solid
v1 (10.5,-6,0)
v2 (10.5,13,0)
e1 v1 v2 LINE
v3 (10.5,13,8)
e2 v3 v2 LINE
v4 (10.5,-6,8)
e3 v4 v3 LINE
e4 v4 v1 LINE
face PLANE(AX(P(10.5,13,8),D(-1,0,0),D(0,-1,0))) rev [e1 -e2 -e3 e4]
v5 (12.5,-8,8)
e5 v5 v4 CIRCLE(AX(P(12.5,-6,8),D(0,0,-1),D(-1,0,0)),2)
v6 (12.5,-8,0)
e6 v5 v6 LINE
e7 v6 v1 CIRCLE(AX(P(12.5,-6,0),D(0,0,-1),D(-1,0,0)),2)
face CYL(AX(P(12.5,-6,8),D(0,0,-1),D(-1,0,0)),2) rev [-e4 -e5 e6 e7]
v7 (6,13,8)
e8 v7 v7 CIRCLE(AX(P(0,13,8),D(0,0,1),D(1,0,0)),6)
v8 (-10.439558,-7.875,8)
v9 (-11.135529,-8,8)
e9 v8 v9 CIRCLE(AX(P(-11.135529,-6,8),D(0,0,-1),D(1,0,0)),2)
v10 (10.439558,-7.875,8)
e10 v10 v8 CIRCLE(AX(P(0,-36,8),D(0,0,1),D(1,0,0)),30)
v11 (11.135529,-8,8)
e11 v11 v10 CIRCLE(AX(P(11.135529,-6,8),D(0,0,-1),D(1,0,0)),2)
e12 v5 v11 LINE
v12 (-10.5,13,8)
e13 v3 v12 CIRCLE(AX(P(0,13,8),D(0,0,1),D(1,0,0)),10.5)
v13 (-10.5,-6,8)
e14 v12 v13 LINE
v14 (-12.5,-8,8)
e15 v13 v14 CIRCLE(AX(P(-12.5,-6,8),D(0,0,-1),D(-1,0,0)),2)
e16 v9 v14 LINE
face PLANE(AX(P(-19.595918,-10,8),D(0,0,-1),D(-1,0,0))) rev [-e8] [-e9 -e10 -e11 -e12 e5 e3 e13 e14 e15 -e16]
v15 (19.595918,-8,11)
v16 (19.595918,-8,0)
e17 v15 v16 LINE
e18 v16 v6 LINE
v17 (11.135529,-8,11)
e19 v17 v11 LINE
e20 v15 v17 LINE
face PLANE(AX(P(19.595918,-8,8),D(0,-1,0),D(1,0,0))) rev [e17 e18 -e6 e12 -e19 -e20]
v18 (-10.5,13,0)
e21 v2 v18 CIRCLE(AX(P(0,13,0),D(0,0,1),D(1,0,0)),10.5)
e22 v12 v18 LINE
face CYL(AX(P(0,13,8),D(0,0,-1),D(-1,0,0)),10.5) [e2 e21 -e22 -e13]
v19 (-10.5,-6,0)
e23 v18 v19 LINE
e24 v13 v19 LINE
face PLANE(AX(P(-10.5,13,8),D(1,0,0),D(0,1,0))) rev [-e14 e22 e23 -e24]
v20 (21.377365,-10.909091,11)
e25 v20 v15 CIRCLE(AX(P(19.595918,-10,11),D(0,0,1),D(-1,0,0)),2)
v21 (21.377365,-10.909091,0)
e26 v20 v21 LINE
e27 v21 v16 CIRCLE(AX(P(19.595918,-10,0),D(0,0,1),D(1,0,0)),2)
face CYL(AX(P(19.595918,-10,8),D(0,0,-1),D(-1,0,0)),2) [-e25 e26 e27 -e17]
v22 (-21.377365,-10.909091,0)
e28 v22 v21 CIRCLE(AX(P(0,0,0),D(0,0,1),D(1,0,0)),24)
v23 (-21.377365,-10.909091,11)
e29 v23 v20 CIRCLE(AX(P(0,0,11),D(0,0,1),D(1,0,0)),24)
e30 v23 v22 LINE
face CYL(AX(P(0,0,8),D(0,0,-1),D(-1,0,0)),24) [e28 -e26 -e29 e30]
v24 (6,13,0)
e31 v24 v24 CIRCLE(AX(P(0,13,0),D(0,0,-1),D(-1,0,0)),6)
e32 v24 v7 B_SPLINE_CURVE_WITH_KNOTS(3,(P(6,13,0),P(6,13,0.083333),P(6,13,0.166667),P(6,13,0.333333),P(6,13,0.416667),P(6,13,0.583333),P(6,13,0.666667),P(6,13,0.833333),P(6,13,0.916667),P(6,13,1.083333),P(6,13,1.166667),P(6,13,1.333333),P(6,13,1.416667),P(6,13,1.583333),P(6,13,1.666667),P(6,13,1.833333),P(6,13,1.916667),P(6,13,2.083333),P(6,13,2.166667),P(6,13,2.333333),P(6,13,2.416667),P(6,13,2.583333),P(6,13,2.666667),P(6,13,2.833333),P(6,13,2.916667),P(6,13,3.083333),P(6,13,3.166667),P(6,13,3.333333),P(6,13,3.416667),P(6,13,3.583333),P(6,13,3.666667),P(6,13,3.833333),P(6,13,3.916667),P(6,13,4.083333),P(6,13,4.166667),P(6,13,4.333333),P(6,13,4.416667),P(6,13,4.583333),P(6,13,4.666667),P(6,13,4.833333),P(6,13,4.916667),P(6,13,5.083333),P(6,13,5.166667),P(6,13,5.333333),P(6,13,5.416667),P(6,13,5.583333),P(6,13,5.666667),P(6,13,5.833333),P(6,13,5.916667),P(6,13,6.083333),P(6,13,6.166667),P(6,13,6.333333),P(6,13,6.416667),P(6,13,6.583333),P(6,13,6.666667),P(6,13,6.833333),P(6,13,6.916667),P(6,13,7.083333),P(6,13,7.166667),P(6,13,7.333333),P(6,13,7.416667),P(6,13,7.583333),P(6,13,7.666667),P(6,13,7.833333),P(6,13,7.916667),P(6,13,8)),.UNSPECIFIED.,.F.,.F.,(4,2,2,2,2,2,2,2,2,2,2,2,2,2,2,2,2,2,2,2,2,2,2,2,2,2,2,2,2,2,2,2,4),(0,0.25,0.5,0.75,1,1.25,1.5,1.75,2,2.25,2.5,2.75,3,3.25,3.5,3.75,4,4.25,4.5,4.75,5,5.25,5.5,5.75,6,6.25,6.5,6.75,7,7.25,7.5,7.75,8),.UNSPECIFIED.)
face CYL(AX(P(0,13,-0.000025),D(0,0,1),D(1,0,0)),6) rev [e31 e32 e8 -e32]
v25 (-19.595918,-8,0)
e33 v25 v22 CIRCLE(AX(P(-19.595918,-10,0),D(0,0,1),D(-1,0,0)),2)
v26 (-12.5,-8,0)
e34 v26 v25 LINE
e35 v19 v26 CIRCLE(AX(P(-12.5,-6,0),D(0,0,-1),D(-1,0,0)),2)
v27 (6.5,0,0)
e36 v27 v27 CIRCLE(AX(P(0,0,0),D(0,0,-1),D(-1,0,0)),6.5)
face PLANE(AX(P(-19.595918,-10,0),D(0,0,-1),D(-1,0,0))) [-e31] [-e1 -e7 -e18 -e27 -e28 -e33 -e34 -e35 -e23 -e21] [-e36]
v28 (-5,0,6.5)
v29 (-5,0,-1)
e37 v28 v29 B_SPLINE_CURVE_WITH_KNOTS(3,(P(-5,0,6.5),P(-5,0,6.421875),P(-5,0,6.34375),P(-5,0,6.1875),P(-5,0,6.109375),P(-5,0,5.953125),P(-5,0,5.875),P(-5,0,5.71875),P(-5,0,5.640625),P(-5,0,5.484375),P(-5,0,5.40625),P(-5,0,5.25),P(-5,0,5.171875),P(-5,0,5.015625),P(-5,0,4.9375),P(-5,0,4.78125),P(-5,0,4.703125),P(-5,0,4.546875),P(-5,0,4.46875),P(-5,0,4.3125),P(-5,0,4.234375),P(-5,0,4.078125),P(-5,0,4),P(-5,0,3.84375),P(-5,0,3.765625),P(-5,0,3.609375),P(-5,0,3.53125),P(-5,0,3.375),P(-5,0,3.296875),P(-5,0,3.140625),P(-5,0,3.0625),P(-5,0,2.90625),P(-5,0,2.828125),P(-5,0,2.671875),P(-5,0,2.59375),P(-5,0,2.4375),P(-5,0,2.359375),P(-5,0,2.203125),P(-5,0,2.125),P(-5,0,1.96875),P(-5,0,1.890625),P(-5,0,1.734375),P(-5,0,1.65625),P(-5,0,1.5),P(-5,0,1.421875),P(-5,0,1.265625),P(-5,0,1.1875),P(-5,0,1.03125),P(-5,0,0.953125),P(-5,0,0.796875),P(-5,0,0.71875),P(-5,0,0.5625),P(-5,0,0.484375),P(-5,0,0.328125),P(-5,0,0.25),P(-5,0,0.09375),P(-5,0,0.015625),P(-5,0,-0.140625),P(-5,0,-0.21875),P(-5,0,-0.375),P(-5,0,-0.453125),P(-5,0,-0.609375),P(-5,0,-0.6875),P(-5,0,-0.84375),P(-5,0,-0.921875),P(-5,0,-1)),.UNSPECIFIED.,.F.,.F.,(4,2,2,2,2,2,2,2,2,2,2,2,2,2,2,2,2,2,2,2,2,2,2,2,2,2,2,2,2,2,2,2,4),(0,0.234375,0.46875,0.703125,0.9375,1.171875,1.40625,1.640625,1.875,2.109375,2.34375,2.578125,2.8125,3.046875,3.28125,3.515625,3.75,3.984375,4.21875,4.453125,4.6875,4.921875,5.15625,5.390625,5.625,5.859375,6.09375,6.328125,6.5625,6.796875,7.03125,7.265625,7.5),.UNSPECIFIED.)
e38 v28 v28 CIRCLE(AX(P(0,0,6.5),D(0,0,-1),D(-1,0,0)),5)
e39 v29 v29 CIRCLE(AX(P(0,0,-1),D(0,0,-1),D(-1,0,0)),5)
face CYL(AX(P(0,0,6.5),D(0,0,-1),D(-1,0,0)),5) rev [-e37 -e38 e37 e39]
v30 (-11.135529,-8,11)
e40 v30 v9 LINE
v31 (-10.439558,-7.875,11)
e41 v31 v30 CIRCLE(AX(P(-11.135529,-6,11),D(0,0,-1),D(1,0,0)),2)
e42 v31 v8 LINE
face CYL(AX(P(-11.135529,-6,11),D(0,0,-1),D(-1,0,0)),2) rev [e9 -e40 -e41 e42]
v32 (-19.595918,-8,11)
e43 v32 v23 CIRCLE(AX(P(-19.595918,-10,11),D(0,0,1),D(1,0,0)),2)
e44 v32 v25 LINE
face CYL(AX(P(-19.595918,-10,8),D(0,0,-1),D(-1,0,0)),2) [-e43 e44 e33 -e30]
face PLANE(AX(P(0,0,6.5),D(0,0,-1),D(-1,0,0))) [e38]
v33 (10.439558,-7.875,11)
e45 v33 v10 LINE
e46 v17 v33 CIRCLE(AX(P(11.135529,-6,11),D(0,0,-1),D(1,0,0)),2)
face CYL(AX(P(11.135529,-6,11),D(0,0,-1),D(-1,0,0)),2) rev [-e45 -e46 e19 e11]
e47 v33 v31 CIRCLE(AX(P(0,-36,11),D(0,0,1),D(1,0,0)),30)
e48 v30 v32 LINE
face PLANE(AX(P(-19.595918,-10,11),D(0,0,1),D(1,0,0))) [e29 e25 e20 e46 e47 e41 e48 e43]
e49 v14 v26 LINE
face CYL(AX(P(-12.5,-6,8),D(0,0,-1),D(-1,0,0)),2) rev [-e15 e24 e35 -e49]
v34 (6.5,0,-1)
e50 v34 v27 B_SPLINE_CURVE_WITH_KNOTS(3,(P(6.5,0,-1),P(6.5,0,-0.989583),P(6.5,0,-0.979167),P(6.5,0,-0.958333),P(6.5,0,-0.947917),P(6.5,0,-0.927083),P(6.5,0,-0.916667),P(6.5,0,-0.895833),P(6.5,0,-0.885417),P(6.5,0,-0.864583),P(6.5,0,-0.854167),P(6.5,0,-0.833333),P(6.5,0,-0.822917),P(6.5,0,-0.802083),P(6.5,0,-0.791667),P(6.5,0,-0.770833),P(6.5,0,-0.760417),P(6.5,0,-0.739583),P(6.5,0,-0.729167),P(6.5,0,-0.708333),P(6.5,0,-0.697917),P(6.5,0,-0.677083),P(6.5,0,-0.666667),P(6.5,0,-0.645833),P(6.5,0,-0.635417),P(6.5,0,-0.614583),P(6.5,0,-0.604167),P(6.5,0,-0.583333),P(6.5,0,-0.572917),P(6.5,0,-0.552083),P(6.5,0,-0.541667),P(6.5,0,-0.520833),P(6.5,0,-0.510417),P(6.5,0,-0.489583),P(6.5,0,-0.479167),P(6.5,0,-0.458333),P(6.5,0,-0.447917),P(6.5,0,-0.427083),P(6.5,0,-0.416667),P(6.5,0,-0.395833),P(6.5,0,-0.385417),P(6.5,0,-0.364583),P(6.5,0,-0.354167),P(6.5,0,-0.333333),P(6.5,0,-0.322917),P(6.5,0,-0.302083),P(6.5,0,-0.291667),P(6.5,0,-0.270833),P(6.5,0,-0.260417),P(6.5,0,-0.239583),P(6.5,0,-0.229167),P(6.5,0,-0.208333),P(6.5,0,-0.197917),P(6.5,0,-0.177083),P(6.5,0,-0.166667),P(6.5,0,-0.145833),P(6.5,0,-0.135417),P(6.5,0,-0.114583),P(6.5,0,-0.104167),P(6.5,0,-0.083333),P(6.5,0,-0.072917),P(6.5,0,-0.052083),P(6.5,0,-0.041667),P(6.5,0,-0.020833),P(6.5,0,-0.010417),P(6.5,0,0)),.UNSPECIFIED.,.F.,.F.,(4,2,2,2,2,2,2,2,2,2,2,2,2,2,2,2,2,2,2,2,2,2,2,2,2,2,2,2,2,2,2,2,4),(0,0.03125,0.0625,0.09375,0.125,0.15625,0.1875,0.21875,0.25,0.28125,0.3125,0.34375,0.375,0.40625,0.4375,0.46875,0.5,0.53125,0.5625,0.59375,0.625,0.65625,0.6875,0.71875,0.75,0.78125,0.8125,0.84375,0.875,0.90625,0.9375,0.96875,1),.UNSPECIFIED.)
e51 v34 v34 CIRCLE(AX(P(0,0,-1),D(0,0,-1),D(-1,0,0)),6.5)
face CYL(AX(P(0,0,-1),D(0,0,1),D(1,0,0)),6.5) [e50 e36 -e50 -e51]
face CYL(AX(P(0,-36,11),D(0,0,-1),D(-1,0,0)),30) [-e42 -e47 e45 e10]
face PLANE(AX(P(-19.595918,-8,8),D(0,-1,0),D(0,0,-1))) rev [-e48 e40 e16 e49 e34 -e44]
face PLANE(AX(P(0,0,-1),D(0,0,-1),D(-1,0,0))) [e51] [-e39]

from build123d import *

# Parameters (mm, degrees)
BASE_EXTRUSION_DEPTH    = 8
BOSS_EXTRU_1_DEPTH      = 3
ESQUISSE4_R             = 6
ENL_V_MAT_EXTRU_1_DEPTH = 34.262346156
ESQUISSE5_R             = 5
ENL_V_MAT_EXTRU_2_DEPTH = 6.5
BOSS_EXTRU_2_START      = 1
ESQUISSE6_R             = 6.5
ESQUISSE6_R_2           = 5
BOSS_EXTRU_2_DEPTH      = 1


with BuildPart() as part:
    # Esquisse1 → Base-Extrusion (new body)
    with BuildSketch(Plane.XY):
        with BuildLine():
            Line((-10.5, 13), (-10.5, -6))
            ThreePointArc((-10.5, -6), (-11.085786438, -7.414213562), (-12.5, -8))
            Line((-12.5, -8), (-19.595917942, -8))
            ThreePointArc((-19.595917942, -8), (-21.301523673, -8.955534064), (-21.377365028, -10.909090909))
            ThreePointArc((-21.377365028, -10.909090909), (0, -24), (21.377365028, -10.909090909))
            ThreePointArc((21.377365028, -10.909090909), (21.301523673, -8.955534064), (19.595917942, -8))
            Line((19.595917942, -8), (12.5, -8))
            ThreePointArc((12.5, -8), (11.085786438, -7.414213562), (10.5, -6))
            Line((10.5, -6), (10.5, 13))
            ThreePointArc((10.5, 13), (0, 23.5), (-10.5, 13))
        make_face()
    extrude(amount=BASE_EXTRUSION_DEPTH)

    # Esquisse2 → Boss.-Extru.1 (add)
    with BuildSketch(Plane.XY.offset(8)):
        with BuildLine():
            Line((-19.595917942, -8), (-11.135528726, -8))
            ThreePointArc((-11.135528726, -8), (-10.781975335, -7.968501969), (-10.43955818, -7.875))
            ThreePointArc((-10.43955818, -7.875), (0, -6), (10.43955818, -7.875))
            ThreePointArc((10.43955818, -7.875), (10.781975335, -7.968501969), (11.135528726, -8))
            Line((11.135528726, -8), (19.595917942, -8))
            ThreePointArc((19.595917942, -8), (21.301523673, -8.955534064), (21.377365028, -10.909090909))
            ThreePointArc((21.377365028, -10.909090909), (0, -24), (-21.377365028, -10.909090909))
            ThreePointArc((-21.377365028, -10.909090909), (-21.301523673, -8.955534064), (-19.595917942, -8))
        make_face()
    extrude(amount=BOSS_EXTRU_1_DEPTH)

    # Esquisse4 → Enlèv. mat.-Extru.1 (cut, through all)
    with BuildSketch(Plane.XY.offset(8)):
        with Locations((0, 13)):
            Circle(ESQUISSE4_R)
    extrude(amount=-ENL_V_MAT_EXTRU_1_DEPTH, mode=Mode.SUBTRACT)

    # Esquisse5 → Enlèv. mat.-Extru.2 (cut)
    with BuildSketch(Plane(origin=(0, 0, 0), x_dir=(-1, 0, 0), z_dir=(0, 0, -1))):
        Circle(ESQUISSE5_R)
    extrude(amount=-ENL_V_MAT_EXTRU_2_DEPTH, mode=Mode.SUBTRACT)

    # Esquisse6 → Boss.-Extru.2 (add)
    with BuildSketch(Plane(origin=(0, 0, 0), x_dir=(-1, 0, 0), z_dir=(0, 0, -1)).offset(BOSS_EXTRU_2_START)):
        with Locations(Location((0, 0, 0), (0, 0, 180))):
            Circle(ESQUISSE6_R)
        Circle(ESQUISSE6_R_2, mode=Mode.SUBTRACT)
    extrude(amount=-BOSS_EXTRU_2_DEPTH)


solid = part.part
